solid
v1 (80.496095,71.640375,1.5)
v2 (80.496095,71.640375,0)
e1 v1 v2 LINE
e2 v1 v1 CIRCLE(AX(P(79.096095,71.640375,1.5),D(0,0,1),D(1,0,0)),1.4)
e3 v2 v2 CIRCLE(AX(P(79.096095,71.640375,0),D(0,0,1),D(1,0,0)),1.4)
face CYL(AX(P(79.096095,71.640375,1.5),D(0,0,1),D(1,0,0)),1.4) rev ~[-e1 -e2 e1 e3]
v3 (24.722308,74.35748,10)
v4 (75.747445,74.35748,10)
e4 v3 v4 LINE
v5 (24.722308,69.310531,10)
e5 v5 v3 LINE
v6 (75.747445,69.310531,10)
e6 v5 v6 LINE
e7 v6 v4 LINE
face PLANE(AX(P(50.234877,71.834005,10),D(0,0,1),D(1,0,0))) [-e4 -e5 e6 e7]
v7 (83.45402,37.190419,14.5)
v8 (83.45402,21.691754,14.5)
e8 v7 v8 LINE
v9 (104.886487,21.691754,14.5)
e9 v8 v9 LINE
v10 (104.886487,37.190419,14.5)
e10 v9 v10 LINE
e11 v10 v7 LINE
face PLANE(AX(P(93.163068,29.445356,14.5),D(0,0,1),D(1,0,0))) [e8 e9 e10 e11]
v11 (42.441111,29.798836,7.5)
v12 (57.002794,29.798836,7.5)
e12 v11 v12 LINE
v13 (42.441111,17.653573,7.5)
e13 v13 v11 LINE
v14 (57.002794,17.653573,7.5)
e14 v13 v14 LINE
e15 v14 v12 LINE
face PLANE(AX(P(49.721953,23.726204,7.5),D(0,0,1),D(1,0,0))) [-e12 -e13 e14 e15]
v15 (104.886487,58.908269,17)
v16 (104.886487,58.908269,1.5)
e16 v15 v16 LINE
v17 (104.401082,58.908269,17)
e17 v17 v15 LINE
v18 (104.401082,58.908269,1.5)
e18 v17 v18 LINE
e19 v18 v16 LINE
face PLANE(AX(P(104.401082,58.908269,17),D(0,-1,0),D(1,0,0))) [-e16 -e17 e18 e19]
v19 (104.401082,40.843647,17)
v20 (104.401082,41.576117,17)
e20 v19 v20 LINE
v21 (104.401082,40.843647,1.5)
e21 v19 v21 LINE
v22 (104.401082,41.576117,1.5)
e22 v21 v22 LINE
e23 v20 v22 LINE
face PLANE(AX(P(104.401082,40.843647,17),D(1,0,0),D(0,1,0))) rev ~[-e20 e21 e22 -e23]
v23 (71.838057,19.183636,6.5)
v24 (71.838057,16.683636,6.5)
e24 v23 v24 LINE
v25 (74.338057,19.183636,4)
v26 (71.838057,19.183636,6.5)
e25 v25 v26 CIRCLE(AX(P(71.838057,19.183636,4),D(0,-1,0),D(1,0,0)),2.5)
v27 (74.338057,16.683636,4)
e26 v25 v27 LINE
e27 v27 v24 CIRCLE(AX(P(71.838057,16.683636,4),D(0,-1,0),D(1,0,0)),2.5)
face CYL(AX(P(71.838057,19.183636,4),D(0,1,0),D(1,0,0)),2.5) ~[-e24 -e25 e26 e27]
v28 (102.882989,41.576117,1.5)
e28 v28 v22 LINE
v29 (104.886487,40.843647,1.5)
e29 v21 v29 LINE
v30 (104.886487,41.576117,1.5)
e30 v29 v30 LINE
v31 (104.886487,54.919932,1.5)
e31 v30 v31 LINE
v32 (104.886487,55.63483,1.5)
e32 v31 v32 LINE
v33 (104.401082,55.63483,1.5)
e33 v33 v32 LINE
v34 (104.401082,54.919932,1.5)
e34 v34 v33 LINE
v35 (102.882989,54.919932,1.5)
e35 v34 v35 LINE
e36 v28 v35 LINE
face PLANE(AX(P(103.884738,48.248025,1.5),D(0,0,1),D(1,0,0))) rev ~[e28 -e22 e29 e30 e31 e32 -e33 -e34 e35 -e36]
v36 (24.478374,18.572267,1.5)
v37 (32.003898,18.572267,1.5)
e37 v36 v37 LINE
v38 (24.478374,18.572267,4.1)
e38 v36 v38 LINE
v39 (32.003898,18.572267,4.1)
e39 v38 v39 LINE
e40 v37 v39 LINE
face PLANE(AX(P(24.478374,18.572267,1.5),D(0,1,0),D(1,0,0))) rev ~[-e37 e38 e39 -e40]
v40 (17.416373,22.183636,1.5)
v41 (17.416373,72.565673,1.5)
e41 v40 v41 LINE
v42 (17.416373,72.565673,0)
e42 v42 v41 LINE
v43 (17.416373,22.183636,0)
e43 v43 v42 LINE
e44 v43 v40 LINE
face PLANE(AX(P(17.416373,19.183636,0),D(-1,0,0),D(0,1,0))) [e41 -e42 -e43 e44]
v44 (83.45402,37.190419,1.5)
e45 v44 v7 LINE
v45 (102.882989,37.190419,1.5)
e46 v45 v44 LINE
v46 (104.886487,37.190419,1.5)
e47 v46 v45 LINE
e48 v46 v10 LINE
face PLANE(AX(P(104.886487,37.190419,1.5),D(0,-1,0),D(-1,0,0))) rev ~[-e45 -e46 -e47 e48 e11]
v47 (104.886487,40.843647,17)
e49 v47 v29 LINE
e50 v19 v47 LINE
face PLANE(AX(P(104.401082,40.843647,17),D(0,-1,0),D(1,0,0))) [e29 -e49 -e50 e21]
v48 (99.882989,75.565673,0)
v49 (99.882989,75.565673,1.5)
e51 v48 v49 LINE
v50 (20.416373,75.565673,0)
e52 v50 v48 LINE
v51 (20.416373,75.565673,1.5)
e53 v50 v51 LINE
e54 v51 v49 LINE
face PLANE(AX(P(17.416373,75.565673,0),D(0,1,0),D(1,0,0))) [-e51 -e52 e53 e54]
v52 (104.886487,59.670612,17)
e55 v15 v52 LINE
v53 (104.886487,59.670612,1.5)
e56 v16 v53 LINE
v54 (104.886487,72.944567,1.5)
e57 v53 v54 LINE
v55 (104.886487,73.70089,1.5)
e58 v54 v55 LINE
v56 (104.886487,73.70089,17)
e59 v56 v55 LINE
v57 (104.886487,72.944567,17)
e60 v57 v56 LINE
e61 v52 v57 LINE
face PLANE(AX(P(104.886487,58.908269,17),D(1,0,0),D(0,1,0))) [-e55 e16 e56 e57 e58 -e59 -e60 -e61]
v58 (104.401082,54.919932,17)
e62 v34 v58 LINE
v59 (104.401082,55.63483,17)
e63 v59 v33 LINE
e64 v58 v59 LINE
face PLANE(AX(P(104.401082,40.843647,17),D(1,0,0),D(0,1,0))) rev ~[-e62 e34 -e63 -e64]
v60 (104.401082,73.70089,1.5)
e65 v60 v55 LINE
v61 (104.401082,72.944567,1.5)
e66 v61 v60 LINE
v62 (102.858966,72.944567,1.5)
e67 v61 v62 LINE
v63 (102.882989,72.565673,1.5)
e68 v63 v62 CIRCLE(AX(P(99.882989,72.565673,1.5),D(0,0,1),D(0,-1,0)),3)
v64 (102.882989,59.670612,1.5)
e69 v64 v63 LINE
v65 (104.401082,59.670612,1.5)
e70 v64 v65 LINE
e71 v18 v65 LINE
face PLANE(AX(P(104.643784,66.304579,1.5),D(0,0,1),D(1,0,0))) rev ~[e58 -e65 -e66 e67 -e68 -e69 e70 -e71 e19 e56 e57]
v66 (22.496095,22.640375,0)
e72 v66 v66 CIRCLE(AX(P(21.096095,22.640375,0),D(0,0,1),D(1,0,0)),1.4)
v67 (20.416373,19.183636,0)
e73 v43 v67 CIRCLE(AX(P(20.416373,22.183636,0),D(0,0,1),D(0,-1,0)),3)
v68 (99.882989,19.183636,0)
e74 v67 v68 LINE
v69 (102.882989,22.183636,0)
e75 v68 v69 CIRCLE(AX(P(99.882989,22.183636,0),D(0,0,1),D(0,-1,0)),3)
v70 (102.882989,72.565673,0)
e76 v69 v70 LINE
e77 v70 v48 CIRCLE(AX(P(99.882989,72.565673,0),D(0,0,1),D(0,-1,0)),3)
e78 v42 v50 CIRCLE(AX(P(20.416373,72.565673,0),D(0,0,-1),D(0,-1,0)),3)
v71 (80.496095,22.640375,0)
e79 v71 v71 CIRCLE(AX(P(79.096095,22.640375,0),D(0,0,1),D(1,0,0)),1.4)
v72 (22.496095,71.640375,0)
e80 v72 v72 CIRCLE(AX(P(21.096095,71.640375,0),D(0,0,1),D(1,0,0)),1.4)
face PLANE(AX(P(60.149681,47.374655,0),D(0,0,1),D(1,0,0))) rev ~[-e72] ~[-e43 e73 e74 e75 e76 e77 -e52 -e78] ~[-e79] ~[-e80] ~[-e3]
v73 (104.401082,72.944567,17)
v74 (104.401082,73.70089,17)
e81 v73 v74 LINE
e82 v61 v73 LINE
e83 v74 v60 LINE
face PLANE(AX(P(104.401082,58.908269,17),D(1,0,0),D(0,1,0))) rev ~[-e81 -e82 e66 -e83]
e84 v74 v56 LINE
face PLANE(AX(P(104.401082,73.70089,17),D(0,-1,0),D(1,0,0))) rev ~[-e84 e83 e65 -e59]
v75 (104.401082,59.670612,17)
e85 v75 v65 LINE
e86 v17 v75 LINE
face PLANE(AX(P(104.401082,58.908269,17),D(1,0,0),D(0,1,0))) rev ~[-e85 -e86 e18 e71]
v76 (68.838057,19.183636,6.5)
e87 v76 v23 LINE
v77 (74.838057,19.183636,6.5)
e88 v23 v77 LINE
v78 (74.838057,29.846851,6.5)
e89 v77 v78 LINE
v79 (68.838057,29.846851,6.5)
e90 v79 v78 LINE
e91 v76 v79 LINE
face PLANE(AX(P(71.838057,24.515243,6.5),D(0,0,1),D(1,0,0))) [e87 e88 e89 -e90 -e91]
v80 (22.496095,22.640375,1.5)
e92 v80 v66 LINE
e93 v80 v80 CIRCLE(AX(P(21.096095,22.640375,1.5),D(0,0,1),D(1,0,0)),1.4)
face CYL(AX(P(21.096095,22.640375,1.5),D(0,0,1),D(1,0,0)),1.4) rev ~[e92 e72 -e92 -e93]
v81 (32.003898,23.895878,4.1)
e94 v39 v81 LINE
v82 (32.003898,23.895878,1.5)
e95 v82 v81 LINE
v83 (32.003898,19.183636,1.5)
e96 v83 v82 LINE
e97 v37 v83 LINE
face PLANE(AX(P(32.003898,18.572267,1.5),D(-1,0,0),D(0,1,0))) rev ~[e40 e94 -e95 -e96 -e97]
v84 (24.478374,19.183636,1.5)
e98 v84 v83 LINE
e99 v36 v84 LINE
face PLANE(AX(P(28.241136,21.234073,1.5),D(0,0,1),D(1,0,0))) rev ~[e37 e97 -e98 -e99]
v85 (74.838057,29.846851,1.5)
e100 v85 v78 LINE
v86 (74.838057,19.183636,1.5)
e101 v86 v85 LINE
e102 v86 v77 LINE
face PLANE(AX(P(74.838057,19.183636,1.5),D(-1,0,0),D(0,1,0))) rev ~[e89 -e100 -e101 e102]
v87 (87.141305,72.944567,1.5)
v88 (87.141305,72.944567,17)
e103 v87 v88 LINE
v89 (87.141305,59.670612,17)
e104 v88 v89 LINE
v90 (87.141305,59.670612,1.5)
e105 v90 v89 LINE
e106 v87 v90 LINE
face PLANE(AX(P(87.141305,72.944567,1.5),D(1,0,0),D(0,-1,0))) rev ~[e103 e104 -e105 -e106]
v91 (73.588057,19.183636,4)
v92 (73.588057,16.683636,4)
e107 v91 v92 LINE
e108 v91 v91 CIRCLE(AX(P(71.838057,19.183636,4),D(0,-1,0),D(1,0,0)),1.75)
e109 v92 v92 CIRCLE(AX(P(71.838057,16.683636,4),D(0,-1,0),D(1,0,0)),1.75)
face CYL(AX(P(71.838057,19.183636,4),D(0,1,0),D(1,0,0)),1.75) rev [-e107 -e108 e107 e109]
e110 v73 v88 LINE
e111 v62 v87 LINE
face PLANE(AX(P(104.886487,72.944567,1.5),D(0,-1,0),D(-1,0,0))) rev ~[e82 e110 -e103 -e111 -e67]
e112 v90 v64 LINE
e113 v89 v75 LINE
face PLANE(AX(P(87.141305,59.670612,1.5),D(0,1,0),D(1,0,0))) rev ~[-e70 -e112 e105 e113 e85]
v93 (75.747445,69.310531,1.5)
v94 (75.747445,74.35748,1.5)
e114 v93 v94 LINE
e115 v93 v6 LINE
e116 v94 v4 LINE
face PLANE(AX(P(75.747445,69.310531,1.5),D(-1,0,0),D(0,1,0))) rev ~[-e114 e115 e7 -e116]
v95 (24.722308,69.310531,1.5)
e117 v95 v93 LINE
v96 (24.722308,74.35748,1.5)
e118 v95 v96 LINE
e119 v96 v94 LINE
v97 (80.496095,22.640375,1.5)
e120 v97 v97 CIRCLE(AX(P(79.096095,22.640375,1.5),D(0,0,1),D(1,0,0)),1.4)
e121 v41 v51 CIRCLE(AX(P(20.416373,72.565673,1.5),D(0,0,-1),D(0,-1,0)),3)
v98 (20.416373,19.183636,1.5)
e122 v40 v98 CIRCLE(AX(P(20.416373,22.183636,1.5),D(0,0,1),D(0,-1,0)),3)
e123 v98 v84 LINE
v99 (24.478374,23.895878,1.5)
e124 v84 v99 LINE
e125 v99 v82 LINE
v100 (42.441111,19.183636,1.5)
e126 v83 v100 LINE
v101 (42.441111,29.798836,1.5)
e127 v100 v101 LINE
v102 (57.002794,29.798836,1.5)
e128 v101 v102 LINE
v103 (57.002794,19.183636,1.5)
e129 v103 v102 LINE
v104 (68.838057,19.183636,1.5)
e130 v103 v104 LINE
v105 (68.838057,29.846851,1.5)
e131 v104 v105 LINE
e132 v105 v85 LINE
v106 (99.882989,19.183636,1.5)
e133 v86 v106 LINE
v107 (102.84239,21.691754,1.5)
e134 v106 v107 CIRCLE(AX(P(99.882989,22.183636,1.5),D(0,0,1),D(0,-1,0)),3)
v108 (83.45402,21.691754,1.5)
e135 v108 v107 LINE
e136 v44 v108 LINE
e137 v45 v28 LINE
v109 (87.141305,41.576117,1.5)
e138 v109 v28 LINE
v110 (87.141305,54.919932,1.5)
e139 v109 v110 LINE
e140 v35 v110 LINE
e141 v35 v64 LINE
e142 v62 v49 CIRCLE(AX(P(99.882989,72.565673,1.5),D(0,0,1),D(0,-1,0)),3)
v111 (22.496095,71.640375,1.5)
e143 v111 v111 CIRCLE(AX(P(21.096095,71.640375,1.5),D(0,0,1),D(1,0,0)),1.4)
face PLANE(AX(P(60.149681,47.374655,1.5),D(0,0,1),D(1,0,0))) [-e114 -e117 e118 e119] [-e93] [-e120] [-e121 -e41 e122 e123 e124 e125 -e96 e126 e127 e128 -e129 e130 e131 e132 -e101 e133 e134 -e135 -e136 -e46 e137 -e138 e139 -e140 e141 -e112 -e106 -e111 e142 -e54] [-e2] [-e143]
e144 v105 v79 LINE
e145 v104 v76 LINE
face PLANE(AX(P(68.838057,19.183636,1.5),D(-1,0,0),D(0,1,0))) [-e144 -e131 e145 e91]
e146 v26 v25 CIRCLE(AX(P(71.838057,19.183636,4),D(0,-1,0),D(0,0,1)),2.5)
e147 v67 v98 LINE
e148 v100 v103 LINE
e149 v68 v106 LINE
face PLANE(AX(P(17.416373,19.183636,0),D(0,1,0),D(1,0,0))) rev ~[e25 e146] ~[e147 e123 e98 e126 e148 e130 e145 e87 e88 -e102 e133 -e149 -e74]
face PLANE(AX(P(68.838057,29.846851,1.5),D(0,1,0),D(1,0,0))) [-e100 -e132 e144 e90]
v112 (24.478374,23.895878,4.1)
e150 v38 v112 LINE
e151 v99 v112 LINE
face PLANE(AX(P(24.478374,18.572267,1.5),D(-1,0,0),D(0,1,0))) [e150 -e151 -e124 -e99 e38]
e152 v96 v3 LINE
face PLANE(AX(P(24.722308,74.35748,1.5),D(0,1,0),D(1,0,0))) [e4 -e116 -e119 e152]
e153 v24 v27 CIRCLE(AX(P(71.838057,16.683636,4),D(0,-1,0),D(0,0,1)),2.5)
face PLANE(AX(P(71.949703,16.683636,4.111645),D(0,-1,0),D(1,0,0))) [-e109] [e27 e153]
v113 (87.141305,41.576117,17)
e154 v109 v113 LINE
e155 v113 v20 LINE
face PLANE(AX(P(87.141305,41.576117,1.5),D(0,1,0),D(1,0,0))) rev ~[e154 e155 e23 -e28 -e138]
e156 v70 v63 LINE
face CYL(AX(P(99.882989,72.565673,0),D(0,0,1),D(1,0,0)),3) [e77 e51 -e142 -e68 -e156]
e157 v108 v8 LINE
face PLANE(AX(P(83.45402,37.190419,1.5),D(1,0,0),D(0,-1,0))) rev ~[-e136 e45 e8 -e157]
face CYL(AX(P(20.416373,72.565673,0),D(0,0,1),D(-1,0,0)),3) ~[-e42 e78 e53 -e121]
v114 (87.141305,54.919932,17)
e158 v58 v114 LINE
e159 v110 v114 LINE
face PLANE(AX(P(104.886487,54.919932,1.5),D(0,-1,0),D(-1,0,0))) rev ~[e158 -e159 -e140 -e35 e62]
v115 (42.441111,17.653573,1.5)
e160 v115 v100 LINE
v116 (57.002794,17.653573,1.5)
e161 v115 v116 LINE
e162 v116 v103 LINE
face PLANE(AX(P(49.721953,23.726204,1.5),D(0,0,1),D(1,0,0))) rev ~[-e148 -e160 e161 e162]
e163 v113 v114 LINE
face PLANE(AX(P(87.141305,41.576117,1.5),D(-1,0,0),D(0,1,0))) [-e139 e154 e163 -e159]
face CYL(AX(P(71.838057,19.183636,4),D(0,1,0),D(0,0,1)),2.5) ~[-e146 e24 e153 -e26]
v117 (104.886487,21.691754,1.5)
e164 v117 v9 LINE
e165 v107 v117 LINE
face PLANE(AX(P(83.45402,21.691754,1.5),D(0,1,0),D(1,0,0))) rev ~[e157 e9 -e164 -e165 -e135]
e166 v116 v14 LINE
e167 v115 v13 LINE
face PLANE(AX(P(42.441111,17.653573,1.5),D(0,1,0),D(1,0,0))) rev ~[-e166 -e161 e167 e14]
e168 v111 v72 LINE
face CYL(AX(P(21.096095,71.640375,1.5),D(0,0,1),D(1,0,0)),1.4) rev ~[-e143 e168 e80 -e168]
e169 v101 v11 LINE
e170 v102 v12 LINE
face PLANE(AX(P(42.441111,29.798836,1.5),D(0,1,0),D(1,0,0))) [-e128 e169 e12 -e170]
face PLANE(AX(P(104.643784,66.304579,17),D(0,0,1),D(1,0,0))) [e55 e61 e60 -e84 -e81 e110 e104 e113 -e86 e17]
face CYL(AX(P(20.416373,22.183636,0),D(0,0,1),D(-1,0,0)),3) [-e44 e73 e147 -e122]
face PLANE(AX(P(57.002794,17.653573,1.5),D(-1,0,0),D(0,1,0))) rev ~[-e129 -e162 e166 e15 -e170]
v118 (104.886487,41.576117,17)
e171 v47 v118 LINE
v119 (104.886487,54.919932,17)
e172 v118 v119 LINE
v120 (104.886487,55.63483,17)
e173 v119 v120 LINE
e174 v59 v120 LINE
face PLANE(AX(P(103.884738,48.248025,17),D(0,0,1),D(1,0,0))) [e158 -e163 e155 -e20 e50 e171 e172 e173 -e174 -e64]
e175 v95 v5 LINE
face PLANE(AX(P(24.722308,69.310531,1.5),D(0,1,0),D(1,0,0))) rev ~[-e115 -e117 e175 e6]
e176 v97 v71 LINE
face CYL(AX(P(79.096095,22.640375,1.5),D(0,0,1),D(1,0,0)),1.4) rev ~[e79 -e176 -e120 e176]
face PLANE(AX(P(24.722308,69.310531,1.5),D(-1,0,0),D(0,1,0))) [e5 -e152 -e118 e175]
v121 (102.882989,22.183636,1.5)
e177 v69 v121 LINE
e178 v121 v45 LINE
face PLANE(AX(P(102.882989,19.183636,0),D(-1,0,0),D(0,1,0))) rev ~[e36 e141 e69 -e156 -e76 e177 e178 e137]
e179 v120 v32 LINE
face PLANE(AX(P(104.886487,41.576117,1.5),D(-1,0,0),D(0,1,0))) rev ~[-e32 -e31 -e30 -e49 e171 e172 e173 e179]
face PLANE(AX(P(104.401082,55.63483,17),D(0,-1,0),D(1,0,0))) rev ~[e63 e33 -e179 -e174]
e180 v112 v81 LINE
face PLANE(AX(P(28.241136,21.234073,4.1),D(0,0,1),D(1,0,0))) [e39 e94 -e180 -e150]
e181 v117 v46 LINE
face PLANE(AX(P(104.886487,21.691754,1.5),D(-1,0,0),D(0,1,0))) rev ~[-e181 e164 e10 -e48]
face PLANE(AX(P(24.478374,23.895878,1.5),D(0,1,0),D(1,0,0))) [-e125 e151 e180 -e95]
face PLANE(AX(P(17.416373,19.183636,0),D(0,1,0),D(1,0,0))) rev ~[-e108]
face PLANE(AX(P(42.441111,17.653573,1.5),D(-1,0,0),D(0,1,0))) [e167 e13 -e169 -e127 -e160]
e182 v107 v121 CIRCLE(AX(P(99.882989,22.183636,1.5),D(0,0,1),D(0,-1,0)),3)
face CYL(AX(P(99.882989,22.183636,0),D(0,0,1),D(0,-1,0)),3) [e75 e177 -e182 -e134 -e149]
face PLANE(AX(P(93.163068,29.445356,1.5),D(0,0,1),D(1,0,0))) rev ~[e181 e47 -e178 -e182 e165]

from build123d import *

# Parameters (mm, degrees)
F0_W      = 85.4666158557
F0_H      = 56.3820376992
F1_DEPTH  = 1.5
F2_R      = 3
F3_W      = 51.0251373053
F3_H      = 5.0469487906
F4_DEPTH  = 8.5
F5_W      = 2.0034983754
F5_H      = 13.3438147604
F5_W_2    = 15.7416835427
F6_DEPTH  = 15.5
F7_DEPTH  = 13
F8_W      = 0.4854053259
F8_H      = 14.7926211357
F8_H_2    = 14.7911831737
F9_DEPTH  = 15.5
F10_W     = 14.5616829395
F10_H     = 12.1452622116
F11_DEPTH = 6
F12_W     = 6
F12_H     = 10.663215287
F13_DEPTH = 5
F14_R     = 1.75
F15_DEPTH = 2.5
F16_W     = 7.5255241245
F16_H     = 5.3236111999
F17_DEPTH = 2.6
F18_R     = 1.4
F19_DEPTH = 25


with BuildPart() as f1:
    # F0 (on Top) → F1 (new body)
    with BuildSketch(Plane.XY):
        with Locations((60.1496808231, 47.3746545613)):
            Rectangle(F0_W, F0_H)
    extrude(amount=F1_DEPTH)

    # F2
    f2_edges = [f1.edges().sort_by_distance(p)[0] for p in [
        (102.882989, 75.565673, 0.75),
        (17.416373, 75.565673, 0.75),
        (17.416373, 19.183636, 0.75),
        (102.882989, 19.183636, 0.75),
    ]]
    fillet(f2_edges, radius=F2_R)

    # F3 (on face) → F4 (join)
    with BuildSketch(Plane.XY.offset(1.5)):
        with Locations((50.2348765731, 71.8340054154)):
            Rectangle(F3_W, F3_H)
    extrude(amount=F4_DEPTH)

    # F5 (on face) → F6 (join)
    with BuildSketch(Plane.XY.offset(1.5)):
        with Locations((103.8847379386, 48.2480246574)):
            Rectangle(F5_W, F5_H)
        with Locations((95.0121469796, 48.2480246574)):
            Rectangle(F5_W_2, F5_H)
        with BuildLine():
            Line((104.8864871264, 72.9445666075), (102.8589658922, 72.9445666075))
            ThreePointArc((102.8589658922, 72.9445666075), (102.8769770128, 72.7555004059), (102.8829887509, 72.5656734109))
            Line((102.8829887509, 72.5656734109), (102.8829887509, 59.670612216))
            Line((102.8829887509, 59.670612216), (104.8864871264, 59.670612216))
            Line((104.8864871264, 59.670612216), (104.8864871264, 72.9445666075))
        make_face()
        with BuildLine():
            Line((102.8589658922, 72.9445666075), (87.1413052082, 72.9445666075))
            Line((87.1413052082, 72.9445666075), (87.1413052082, 59.670612216))
            Line((87.1413052082, 59.670612216), (102.8829887509, 59.670612216))
            Line((102.8829887509, 59.670612216), (102.8829887509, 72.5656734109))
            ThreePointArc((102.8829887509, 72.5656734109), (102.8769770128, 72.7555004059), (102.8589658922, 72.9445666075))
        make_face()
    extrude(amount=F6_DEPTH)

    # F5 (on face) → F7 (join)
    with BuildSketch(Plane.XY.offset(1.5)):
        with BuildLine():
            Line((102.8829887509, 22.1836357117), (102.8829887509, 37.1904186904))
            Line((102.8829887509, 37.1904186904), (83.4540203214, 37.1904186904))
            Line((83.4540203214, 37.1904186904), (83.4540203214, 21.6917544603))
            Line((83.4540203214, 21.6917544603), (102.8423895069, 21.6917544603))
            ThreePointArc((102.8423895069, 21.6917544603), (102.8728217118, 21.9368587557), (102.8829887509, 22.1836357117))
        make_face()
        with BuildLine():
            Line((104.8864871264, 37.1904186904), (102.8829887509, 37.1904186904))
            Line((102.8829887509, 37.1904186904), (102.8829887509, 22.1836357117))
            ThreePointArc((102.8829887509, 22.1836357117), (102.8728217118, 21.9368587557), (102.8423895069, 21.6917544603))
            Line((102.8423895069, 21.6917544603), (104.8864871264, 21.6917544603))
            Line((104.8864871264, 21.6917544603), (104.8864871264, 37.1904186904))
        make_face()
    extrude(amount=F7_DEPTH)

    # F8 (on face) → F9 (join)
    with BuildSketch(Plane.XY.offset(17)):
        with Locations((104.6437844634, 66.3045793772)):
            Rectangle(F8_W, F8_H)
        with Locations((104.6437844634, 48.2392385602)):
            Rectangle(F8_W, F8_H_2)
    extrude(amount=-F9_DEPTH)

    # F10 (on face) → F11 (join)
    with BuildSketch(Plane.XY.offset(1.5)):
        with Locations((49.7219525278, 23.7262044102)):
            Rectangle(F10_W, F10_H)
    extrude(amount=F11_DEPTH)

    # F12 (on face) → F13 (join)
    with BuildSketch(Plane.XY.offset(1.5)):
        with Locations((71.8380571604, 24.5152433552)):
            Rectangle(F12_W, F12_H)
    extrude(amount=F13_DEPTH)

    # F14 (on face) → F15 (join)
    with BuildSketch(Plane.XZ.offset(-19.1836357117)):
        with BuildLine():
            ThreePointArc((71.8380571604, 6.5), (70.0702902074, 2.232233047), (74.3380571604, 4))
            ThreePointArc((74.3380571604, 4), (73.6058241133, 5.767766953), (71.8380571604, 6.5))
        make_face()
        with Locations((71.8380571604, 4)):
            Circle(F14_R, mode=Mode.SUBTRACT)
    extrude(amount=F15_DEPTH)

    # F16 (on face) → F17 (join)
    with BuildSketch(Plane.XY.offset(1.5)):
        with Locations((28.2411361113, 21.2340727448)):
            Rectangle(F16_W, F16_H)
    extrude(amount=F17_DEPTH)

    # F18 (on face) → F19 (cut)
    with BuildSketch(Plane.XY.offset(1.5)):
        with Locations((79.0960954428, 71.6403754205)):
            Circle(F18_R)
        with Locations((79.0960954428, 22.6403754205)):
            Circle(F18_R)
        with Locations((21.0960954428, 22.6403754205)):
            Circle(F18_R)
        with Locations((21.0960954428, 71.6403754205)):
            Circle(F18_R)
    extrude(amount=-F19_DEPTH, mode=Mode.SUBTRACT)


solid = f1.part
